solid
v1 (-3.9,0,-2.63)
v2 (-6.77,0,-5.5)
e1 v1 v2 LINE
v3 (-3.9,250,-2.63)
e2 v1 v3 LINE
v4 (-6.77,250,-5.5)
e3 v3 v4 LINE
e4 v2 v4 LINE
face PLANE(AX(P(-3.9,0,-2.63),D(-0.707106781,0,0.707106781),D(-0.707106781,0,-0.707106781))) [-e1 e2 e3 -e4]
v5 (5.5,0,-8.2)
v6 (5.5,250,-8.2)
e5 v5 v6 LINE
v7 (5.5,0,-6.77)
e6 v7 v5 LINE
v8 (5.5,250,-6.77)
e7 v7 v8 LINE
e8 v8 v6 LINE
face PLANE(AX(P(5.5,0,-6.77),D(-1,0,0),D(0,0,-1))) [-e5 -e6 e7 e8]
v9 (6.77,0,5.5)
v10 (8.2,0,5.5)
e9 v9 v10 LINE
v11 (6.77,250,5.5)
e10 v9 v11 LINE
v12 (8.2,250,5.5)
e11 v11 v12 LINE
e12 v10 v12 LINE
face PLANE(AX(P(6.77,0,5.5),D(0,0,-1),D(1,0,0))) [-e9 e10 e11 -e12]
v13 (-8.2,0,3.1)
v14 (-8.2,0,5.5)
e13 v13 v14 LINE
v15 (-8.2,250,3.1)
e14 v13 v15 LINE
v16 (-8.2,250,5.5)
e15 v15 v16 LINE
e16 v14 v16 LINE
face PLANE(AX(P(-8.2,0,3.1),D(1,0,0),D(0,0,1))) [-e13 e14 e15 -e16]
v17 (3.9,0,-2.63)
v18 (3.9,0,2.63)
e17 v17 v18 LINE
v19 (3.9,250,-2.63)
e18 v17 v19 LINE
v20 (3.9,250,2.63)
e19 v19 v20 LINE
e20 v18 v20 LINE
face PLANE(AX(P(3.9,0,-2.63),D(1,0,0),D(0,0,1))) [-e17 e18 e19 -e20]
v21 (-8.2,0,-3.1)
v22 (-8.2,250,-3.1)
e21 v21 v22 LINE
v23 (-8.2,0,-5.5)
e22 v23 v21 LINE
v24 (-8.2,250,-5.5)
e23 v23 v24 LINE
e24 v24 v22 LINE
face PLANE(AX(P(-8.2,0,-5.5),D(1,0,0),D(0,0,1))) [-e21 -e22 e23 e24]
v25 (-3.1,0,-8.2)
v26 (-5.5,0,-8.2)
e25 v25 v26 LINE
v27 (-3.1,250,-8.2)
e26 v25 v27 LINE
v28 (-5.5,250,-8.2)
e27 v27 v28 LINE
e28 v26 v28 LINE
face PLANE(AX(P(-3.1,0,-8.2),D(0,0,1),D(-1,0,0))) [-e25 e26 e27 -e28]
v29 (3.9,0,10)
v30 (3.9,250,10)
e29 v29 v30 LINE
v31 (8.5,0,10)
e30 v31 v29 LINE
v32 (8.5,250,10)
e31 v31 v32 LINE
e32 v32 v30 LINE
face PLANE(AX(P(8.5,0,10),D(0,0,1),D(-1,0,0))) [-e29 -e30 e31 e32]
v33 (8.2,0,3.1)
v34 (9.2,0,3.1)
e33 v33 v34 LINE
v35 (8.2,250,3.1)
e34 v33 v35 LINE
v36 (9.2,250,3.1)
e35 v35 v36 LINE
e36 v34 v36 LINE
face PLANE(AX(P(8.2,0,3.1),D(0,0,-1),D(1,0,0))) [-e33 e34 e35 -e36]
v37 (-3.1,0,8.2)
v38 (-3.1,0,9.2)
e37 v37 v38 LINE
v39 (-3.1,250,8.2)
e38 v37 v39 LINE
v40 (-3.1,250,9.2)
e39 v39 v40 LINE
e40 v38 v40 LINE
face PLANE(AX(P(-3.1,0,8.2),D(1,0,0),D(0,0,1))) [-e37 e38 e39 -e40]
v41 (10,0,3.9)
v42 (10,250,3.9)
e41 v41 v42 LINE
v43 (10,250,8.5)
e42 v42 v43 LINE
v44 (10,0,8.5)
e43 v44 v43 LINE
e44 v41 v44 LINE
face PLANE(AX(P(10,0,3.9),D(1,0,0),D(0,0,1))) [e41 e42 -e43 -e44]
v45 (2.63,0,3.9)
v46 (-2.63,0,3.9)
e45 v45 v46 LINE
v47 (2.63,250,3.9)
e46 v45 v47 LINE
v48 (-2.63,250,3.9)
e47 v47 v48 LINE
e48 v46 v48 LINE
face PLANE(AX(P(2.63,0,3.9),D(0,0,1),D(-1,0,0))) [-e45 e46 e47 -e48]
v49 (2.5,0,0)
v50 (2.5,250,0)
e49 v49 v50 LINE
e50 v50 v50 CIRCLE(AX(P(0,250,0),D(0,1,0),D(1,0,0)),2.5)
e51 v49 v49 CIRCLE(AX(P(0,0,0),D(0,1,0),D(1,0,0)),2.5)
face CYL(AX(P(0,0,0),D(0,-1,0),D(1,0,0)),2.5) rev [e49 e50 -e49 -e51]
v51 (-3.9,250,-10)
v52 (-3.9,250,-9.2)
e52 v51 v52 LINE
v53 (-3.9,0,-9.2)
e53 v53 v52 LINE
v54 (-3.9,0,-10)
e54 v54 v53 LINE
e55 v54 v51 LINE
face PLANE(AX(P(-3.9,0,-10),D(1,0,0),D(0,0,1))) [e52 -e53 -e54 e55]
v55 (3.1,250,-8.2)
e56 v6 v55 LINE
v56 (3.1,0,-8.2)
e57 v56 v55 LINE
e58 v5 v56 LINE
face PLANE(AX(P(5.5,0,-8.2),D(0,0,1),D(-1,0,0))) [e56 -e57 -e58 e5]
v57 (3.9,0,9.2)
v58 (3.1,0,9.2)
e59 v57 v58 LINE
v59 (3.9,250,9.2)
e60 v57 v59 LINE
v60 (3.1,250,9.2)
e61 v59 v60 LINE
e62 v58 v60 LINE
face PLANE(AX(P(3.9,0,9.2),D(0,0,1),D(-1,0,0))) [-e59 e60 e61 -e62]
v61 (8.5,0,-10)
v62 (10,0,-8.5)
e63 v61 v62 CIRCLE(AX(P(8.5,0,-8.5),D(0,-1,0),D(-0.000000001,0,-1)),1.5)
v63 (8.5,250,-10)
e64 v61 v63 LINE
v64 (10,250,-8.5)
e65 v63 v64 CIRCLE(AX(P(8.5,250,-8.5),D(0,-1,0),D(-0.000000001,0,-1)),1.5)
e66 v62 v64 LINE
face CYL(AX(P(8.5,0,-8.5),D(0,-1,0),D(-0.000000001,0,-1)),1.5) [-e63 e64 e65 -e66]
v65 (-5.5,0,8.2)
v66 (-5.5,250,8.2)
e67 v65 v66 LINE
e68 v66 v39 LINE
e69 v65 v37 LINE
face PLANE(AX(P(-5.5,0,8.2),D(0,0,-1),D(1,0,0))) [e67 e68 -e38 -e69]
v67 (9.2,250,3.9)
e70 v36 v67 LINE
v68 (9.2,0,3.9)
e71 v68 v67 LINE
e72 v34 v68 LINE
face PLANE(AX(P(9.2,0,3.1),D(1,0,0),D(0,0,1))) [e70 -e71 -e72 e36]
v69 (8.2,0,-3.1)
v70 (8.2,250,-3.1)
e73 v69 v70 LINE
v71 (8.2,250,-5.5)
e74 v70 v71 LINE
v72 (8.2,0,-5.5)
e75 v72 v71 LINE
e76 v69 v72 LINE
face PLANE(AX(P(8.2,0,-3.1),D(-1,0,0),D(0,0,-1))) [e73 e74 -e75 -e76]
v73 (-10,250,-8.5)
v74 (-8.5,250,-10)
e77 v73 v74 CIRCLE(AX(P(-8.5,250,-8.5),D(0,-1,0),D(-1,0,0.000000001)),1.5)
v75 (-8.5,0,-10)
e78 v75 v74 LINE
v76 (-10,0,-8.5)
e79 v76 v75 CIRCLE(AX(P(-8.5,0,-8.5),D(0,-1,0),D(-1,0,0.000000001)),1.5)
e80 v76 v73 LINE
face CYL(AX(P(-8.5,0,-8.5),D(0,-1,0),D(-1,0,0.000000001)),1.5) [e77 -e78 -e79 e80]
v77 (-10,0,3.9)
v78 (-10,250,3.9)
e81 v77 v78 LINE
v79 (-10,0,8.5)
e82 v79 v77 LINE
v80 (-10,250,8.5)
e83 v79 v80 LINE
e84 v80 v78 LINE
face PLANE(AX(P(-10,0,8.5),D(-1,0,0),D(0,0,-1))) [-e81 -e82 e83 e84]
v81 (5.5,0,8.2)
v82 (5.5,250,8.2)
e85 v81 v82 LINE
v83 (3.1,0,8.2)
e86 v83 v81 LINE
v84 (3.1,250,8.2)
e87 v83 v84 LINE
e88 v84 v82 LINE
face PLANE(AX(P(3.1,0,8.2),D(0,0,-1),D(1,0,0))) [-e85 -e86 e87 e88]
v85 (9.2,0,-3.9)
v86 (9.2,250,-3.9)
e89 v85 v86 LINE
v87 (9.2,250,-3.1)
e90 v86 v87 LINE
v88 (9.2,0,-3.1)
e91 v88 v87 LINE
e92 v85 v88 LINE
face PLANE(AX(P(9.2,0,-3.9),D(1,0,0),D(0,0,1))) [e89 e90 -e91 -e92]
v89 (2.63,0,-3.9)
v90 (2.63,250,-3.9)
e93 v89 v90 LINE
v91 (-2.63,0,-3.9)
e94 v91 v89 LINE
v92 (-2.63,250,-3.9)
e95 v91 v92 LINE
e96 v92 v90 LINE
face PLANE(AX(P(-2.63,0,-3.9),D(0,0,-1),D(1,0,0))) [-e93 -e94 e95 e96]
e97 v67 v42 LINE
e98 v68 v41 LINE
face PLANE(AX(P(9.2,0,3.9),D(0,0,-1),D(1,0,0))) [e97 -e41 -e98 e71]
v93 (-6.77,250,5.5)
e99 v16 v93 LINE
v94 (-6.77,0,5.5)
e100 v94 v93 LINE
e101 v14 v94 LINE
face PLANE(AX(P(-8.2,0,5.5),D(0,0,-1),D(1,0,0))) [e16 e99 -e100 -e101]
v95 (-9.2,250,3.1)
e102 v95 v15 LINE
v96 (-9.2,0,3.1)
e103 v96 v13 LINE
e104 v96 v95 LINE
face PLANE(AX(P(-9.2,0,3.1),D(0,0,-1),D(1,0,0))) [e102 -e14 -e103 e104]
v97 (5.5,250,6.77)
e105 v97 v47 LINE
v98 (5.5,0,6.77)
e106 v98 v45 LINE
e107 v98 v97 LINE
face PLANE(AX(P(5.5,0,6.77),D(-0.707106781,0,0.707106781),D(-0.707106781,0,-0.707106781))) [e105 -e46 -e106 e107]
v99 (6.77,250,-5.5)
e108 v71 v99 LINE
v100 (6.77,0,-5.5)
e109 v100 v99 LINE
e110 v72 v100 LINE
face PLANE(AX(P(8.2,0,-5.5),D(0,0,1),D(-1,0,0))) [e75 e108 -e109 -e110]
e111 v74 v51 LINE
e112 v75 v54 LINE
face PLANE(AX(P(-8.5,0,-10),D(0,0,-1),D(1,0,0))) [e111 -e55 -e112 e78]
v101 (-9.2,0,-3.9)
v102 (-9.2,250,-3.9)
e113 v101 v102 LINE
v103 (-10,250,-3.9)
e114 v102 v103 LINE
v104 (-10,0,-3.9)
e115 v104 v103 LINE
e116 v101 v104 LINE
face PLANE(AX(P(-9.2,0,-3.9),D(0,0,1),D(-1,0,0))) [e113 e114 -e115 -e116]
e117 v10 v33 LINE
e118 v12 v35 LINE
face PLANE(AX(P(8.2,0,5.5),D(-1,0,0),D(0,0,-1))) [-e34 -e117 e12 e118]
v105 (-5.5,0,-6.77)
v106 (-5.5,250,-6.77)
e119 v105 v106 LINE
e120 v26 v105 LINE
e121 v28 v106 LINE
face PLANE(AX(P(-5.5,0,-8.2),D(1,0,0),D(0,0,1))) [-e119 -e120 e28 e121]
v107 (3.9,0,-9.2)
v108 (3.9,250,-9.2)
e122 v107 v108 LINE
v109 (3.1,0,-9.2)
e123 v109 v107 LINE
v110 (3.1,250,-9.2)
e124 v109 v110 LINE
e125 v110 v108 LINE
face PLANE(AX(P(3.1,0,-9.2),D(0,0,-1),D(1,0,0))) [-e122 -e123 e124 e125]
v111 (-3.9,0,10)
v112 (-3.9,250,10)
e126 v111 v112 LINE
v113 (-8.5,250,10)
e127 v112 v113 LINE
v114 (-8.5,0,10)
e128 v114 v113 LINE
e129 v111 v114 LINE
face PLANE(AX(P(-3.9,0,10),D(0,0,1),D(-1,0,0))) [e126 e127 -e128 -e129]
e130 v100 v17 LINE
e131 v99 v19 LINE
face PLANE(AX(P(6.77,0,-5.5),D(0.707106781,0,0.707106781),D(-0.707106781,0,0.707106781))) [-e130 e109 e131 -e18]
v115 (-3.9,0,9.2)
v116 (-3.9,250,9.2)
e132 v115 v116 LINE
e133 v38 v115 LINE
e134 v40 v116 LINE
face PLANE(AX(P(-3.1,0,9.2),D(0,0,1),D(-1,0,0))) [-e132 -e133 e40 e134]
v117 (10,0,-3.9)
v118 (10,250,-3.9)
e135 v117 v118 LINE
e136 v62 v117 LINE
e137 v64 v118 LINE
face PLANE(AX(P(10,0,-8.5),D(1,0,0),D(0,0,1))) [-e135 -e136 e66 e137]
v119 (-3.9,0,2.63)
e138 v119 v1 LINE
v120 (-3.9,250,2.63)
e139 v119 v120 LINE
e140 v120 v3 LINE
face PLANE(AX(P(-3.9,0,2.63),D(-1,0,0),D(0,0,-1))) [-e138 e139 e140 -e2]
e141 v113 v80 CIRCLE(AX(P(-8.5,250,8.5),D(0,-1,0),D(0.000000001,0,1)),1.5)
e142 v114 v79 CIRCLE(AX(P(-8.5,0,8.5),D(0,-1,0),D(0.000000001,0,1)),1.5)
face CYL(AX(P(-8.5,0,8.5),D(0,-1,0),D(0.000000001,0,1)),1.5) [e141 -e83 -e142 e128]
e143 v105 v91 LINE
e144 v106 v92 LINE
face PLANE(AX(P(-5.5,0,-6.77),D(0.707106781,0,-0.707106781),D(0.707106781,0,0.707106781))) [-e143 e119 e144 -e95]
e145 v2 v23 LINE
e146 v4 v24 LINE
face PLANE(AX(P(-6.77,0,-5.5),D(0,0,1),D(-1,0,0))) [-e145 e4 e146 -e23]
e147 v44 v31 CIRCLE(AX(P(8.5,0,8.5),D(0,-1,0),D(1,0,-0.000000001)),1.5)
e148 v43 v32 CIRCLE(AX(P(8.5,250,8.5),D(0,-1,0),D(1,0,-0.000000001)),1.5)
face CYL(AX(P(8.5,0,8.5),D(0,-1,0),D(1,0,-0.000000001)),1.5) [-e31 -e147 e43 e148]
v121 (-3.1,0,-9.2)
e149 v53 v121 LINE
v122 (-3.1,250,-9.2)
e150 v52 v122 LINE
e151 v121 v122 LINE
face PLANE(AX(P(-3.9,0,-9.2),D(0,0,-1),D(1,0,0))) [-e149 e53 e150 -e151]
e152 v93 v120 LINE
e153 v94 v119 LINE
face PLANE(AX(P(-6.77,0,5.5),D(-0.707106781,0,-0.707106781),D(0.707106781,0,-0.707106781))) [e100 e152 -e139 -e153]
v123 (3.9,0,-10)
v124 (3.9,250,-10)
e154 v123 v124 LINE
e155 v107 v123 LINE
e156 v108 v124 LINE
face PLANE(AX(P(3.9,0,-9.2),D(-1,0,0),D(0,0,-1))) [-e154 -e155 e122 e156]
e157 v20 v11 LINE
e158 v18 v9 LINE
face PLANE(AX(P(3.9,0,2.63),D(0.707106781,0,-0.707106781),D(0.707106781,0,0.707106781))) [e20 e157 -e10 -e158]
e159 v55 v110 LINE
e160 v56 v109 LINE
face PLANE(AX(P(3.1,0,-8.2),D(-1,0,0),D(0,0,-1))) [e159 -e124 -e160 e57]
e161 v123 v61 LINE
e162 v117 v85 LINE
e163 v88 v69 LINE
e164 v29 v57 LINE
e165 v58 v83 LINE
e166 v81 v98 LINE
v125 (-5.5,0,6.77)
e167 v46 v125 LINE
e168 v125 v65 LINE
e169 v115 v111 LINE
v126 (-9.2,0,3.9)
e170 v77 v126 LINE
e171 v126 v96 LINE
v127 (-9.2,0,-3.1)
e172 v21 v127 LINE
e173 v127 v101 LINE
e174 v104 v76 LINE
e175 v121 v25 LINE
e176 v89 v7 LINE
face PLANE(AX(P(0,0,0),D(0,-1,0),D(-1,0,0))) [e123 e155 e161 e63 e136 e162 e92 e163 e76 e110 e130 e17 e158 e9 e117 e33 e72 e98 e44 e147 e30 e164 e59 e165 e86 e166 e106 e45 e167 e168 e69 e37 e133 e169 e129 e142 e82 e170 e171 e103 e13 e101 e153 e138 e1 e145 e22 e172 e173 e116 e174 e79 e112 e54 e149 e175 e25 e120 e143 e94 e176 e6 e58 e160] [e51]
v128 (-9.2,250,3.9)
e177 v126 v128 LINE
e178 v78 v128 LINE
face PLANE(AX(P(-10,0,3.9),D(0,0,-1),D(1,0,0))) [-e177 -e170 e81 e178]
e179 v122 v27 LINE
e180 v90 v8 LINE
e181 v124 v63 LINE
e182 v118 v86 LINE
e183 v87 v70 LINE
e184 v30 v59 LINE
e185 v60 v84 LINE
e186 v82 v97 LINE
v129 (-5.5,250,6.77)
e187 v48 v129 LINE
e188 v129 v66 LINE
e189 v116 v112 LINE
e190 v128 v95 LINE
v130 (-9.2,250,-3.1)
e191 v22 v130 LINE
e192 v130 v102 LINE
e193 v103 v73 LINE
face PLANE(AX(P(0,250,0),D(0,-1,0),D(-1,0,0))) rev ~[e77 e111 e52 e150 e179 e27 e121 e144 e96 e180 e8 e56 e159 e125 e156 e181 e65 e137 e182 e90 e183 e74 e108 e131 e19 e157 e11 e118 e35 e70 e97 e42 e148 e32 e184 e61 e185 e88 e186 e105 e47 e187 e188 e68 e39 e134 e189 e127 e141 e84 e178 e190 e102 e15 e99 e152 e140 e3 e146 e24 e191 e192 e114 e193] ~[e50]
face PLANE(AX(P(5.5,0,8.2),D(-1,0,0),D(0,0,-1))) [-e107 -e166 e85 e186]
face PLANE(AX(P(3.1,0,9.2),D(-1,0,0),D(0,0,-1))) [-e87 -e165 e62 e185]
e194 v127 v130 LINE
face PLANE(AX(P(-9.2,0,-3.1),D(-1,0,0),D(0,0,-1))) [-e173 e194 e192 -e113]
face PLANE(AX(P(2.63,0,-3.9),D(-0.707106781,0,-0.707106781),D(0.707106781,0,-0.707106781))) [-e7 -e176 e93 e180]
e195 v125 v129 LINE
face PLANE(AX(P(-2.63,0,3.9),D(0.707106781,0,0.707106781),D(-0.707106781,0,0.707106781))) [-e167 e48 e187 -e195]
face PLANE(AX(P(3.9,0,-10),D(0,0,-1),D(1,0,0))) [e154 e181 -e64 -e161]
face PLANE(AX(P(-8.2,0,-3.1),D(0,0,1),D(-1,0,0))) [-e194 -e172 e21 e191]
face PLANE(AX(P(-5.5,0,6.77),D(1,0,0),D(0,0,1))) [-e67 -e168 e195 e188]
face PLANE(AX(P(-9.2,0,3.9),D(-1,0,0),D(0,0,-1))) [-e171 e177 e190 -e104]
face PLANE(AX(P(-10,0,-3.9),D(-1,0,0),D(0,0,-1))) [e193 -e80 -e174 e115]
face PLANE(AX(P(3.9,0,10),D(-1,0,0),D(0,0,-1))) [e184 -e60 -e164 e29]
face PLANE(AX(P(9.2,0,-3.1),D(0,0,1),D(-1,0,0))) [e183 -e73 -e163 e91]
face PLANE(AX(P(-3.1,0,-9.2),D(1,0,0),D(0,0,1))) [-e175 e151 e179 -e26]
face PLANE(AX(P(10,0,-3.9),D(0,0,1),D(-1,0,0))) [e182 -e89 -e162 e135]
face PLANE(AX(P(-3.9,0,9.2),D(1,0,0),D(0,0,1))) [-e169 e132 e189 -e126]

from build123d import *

# Parameters (mm, degrees)
SKETCH1_R           = 2.5
BOSS_EXTRUDE1_DEPTH = 250


with BuildPart() as part:
    # Sketch1 → Boss-Extrude1 (new body)
    with BuildSketch(Plane(origin=(0, 0, 0), x_dir=(1, 0, 0), z_dir=(0, 1, 0))):
        with BuildLine():
            Line((3.9, 10), (8.5, 10))
            ThreePointArc((8.5, 10), (9.560660172, 9.560660172), (10, 8.5))
            Line((10, 8.5), (10, 3.9))
            Line((10, 3.9), (9.2, 3.9))
            Line((9.2, 3.9), (9.2, 3.1))
            Line((9.2, 3.1), (8.2, 3.1))
            Line((8.2, 3.1), (8.2, 5.5))
            Line((8.2, 5.5), (6.77, 5.5))
            Line((6.77, 5.5), (3.9, 2.63))
            Line((3.9, 2.63), (3.9, 0))
            Line((3.9, 0), (3.9, -2.63))
            Line((3.9, -2.63), (6.77, -5.5))
            Line((6.77, -5.5), (8.2, -5.5))
            Line((8.2, -5.5), (8.2, -3.1))
            Line((8.2, -3.1), (9.2, -3.1))
            Line((9.2, -3.1), (9.2, -3.9))
            Line((9.2, -3.9), (10, -3.9))
            Line((10, -3.9), (10, -8.5))
            ThreePointArc((10, -8.5), (9.560660172, -9.560660172), (8.5, -10))
            Line((8.5, -10), (3.9, -10))
            Line((3.9, -10), (3.9, -9.2))
            Line((3.9, -9.2), (3.1, -9.2))
            Line((3.1, -9.2), (3.1, -8.2))
            Line((3.1, -8.2), (5.5, -8.2))
            Line((5.5, -8.2), (5.5, -6.77))
            Line((5.5, -6.77), (2.63, -3.9))
            Line((2.63, -3.9), (0, -3.9))
            Line((0, -3.9), (-2.63, -3.9))
            Line((-2.63, -3.9), (-5.5, -6.77))
            Line((-5.5, -6.77), (-5.5, -8.2))
            Line((-5.5, -8.2), (-3.1, -8.2))
            Line((-3.1, -8.2), (-3.1, -9.2))
            Line((-3.1, -9.2), (-3.9, -9.2))
            Line((-3.9, -9.2), (-3.9, -10))
            Line((-3.9, -10), (-8.5, -10))
            ThreePointArc((-8.5, -10), (-9.560660172, -9.560660172), (-10, -8.5))
            Line((-10, -8.5), (-10, -3.9))
            Line((-10, -3.9), (-9.2, -3.9))
            Line((-9.2, -3.9), (-9.2, -3.1))
            Line((-9.2, -3.1), (-8.2, -3.1))
            Line((-8.2, -3.1), (-8.2, -5.5))
            Line((-8.2, -5.5), (-6.77, -5.5))
            Line((-6.77, -5.5), (-3.9, -2.63))
            Line((-3.9, -2.63), (-3.9, 0))
            Line((-3.9, 0), (-3.9, 2.63))
            Line((-3.9, 2.63), (-6.77, 5.5))
            Line((-6.77, 5.5), (-8.2, 5.5))
            Line((-8.2, 5.5), (-8.2, 3.1))
            Line((-8.2, 3.1), (-9.2, 3.1))
            Line((-9.2, 3.1), (-9.2, 3.9))
            Line((-9.2, 3.9), (-10, 3.9))
            Line((-10, 3.9), (-10, 8.5))
            ThreePointArc((-10, 8.5), (-9.560660172, 9.560660172), (-8.5, 10))
            Line((-8.5, 10), (-3.9, 10))
            Line((-3.9, 10), (-3.9, 9.2))
            Line((-3.9, 9.2), (-3.1, 9.2))
            Line((-3.1, 9.2), (-3.1, 8.2))
            Line((-3.1, 8.2), (-5.5, 8.2))
            Line((-5.5, 8.2), (-5.5, 6.77))
            Line((-5.5, 6.77), (-2.63, 3.9))
            Line((-2.63, 3.9), (2.63, 3.9))
            Line((2.63, 3.9), (5.5, 6.77))
            Line((5.5, 6.77), (5.5, 8.2))
            Line((5.5, 8.2), (3.1, 8.2))
            Line((3.1, 8.2), (3.1, 9.2))
            Line((3.1, 9.2), (3.9, 9.2))
            Line((3.9, 9.2), (3.9, 10))
        make_face()
        Circle(SKETCH1_R, mode=Mode.SUBTRACT)
    extrude(amount=BOSS_EXTRUDE1_DEPTH)


solid = part.part
